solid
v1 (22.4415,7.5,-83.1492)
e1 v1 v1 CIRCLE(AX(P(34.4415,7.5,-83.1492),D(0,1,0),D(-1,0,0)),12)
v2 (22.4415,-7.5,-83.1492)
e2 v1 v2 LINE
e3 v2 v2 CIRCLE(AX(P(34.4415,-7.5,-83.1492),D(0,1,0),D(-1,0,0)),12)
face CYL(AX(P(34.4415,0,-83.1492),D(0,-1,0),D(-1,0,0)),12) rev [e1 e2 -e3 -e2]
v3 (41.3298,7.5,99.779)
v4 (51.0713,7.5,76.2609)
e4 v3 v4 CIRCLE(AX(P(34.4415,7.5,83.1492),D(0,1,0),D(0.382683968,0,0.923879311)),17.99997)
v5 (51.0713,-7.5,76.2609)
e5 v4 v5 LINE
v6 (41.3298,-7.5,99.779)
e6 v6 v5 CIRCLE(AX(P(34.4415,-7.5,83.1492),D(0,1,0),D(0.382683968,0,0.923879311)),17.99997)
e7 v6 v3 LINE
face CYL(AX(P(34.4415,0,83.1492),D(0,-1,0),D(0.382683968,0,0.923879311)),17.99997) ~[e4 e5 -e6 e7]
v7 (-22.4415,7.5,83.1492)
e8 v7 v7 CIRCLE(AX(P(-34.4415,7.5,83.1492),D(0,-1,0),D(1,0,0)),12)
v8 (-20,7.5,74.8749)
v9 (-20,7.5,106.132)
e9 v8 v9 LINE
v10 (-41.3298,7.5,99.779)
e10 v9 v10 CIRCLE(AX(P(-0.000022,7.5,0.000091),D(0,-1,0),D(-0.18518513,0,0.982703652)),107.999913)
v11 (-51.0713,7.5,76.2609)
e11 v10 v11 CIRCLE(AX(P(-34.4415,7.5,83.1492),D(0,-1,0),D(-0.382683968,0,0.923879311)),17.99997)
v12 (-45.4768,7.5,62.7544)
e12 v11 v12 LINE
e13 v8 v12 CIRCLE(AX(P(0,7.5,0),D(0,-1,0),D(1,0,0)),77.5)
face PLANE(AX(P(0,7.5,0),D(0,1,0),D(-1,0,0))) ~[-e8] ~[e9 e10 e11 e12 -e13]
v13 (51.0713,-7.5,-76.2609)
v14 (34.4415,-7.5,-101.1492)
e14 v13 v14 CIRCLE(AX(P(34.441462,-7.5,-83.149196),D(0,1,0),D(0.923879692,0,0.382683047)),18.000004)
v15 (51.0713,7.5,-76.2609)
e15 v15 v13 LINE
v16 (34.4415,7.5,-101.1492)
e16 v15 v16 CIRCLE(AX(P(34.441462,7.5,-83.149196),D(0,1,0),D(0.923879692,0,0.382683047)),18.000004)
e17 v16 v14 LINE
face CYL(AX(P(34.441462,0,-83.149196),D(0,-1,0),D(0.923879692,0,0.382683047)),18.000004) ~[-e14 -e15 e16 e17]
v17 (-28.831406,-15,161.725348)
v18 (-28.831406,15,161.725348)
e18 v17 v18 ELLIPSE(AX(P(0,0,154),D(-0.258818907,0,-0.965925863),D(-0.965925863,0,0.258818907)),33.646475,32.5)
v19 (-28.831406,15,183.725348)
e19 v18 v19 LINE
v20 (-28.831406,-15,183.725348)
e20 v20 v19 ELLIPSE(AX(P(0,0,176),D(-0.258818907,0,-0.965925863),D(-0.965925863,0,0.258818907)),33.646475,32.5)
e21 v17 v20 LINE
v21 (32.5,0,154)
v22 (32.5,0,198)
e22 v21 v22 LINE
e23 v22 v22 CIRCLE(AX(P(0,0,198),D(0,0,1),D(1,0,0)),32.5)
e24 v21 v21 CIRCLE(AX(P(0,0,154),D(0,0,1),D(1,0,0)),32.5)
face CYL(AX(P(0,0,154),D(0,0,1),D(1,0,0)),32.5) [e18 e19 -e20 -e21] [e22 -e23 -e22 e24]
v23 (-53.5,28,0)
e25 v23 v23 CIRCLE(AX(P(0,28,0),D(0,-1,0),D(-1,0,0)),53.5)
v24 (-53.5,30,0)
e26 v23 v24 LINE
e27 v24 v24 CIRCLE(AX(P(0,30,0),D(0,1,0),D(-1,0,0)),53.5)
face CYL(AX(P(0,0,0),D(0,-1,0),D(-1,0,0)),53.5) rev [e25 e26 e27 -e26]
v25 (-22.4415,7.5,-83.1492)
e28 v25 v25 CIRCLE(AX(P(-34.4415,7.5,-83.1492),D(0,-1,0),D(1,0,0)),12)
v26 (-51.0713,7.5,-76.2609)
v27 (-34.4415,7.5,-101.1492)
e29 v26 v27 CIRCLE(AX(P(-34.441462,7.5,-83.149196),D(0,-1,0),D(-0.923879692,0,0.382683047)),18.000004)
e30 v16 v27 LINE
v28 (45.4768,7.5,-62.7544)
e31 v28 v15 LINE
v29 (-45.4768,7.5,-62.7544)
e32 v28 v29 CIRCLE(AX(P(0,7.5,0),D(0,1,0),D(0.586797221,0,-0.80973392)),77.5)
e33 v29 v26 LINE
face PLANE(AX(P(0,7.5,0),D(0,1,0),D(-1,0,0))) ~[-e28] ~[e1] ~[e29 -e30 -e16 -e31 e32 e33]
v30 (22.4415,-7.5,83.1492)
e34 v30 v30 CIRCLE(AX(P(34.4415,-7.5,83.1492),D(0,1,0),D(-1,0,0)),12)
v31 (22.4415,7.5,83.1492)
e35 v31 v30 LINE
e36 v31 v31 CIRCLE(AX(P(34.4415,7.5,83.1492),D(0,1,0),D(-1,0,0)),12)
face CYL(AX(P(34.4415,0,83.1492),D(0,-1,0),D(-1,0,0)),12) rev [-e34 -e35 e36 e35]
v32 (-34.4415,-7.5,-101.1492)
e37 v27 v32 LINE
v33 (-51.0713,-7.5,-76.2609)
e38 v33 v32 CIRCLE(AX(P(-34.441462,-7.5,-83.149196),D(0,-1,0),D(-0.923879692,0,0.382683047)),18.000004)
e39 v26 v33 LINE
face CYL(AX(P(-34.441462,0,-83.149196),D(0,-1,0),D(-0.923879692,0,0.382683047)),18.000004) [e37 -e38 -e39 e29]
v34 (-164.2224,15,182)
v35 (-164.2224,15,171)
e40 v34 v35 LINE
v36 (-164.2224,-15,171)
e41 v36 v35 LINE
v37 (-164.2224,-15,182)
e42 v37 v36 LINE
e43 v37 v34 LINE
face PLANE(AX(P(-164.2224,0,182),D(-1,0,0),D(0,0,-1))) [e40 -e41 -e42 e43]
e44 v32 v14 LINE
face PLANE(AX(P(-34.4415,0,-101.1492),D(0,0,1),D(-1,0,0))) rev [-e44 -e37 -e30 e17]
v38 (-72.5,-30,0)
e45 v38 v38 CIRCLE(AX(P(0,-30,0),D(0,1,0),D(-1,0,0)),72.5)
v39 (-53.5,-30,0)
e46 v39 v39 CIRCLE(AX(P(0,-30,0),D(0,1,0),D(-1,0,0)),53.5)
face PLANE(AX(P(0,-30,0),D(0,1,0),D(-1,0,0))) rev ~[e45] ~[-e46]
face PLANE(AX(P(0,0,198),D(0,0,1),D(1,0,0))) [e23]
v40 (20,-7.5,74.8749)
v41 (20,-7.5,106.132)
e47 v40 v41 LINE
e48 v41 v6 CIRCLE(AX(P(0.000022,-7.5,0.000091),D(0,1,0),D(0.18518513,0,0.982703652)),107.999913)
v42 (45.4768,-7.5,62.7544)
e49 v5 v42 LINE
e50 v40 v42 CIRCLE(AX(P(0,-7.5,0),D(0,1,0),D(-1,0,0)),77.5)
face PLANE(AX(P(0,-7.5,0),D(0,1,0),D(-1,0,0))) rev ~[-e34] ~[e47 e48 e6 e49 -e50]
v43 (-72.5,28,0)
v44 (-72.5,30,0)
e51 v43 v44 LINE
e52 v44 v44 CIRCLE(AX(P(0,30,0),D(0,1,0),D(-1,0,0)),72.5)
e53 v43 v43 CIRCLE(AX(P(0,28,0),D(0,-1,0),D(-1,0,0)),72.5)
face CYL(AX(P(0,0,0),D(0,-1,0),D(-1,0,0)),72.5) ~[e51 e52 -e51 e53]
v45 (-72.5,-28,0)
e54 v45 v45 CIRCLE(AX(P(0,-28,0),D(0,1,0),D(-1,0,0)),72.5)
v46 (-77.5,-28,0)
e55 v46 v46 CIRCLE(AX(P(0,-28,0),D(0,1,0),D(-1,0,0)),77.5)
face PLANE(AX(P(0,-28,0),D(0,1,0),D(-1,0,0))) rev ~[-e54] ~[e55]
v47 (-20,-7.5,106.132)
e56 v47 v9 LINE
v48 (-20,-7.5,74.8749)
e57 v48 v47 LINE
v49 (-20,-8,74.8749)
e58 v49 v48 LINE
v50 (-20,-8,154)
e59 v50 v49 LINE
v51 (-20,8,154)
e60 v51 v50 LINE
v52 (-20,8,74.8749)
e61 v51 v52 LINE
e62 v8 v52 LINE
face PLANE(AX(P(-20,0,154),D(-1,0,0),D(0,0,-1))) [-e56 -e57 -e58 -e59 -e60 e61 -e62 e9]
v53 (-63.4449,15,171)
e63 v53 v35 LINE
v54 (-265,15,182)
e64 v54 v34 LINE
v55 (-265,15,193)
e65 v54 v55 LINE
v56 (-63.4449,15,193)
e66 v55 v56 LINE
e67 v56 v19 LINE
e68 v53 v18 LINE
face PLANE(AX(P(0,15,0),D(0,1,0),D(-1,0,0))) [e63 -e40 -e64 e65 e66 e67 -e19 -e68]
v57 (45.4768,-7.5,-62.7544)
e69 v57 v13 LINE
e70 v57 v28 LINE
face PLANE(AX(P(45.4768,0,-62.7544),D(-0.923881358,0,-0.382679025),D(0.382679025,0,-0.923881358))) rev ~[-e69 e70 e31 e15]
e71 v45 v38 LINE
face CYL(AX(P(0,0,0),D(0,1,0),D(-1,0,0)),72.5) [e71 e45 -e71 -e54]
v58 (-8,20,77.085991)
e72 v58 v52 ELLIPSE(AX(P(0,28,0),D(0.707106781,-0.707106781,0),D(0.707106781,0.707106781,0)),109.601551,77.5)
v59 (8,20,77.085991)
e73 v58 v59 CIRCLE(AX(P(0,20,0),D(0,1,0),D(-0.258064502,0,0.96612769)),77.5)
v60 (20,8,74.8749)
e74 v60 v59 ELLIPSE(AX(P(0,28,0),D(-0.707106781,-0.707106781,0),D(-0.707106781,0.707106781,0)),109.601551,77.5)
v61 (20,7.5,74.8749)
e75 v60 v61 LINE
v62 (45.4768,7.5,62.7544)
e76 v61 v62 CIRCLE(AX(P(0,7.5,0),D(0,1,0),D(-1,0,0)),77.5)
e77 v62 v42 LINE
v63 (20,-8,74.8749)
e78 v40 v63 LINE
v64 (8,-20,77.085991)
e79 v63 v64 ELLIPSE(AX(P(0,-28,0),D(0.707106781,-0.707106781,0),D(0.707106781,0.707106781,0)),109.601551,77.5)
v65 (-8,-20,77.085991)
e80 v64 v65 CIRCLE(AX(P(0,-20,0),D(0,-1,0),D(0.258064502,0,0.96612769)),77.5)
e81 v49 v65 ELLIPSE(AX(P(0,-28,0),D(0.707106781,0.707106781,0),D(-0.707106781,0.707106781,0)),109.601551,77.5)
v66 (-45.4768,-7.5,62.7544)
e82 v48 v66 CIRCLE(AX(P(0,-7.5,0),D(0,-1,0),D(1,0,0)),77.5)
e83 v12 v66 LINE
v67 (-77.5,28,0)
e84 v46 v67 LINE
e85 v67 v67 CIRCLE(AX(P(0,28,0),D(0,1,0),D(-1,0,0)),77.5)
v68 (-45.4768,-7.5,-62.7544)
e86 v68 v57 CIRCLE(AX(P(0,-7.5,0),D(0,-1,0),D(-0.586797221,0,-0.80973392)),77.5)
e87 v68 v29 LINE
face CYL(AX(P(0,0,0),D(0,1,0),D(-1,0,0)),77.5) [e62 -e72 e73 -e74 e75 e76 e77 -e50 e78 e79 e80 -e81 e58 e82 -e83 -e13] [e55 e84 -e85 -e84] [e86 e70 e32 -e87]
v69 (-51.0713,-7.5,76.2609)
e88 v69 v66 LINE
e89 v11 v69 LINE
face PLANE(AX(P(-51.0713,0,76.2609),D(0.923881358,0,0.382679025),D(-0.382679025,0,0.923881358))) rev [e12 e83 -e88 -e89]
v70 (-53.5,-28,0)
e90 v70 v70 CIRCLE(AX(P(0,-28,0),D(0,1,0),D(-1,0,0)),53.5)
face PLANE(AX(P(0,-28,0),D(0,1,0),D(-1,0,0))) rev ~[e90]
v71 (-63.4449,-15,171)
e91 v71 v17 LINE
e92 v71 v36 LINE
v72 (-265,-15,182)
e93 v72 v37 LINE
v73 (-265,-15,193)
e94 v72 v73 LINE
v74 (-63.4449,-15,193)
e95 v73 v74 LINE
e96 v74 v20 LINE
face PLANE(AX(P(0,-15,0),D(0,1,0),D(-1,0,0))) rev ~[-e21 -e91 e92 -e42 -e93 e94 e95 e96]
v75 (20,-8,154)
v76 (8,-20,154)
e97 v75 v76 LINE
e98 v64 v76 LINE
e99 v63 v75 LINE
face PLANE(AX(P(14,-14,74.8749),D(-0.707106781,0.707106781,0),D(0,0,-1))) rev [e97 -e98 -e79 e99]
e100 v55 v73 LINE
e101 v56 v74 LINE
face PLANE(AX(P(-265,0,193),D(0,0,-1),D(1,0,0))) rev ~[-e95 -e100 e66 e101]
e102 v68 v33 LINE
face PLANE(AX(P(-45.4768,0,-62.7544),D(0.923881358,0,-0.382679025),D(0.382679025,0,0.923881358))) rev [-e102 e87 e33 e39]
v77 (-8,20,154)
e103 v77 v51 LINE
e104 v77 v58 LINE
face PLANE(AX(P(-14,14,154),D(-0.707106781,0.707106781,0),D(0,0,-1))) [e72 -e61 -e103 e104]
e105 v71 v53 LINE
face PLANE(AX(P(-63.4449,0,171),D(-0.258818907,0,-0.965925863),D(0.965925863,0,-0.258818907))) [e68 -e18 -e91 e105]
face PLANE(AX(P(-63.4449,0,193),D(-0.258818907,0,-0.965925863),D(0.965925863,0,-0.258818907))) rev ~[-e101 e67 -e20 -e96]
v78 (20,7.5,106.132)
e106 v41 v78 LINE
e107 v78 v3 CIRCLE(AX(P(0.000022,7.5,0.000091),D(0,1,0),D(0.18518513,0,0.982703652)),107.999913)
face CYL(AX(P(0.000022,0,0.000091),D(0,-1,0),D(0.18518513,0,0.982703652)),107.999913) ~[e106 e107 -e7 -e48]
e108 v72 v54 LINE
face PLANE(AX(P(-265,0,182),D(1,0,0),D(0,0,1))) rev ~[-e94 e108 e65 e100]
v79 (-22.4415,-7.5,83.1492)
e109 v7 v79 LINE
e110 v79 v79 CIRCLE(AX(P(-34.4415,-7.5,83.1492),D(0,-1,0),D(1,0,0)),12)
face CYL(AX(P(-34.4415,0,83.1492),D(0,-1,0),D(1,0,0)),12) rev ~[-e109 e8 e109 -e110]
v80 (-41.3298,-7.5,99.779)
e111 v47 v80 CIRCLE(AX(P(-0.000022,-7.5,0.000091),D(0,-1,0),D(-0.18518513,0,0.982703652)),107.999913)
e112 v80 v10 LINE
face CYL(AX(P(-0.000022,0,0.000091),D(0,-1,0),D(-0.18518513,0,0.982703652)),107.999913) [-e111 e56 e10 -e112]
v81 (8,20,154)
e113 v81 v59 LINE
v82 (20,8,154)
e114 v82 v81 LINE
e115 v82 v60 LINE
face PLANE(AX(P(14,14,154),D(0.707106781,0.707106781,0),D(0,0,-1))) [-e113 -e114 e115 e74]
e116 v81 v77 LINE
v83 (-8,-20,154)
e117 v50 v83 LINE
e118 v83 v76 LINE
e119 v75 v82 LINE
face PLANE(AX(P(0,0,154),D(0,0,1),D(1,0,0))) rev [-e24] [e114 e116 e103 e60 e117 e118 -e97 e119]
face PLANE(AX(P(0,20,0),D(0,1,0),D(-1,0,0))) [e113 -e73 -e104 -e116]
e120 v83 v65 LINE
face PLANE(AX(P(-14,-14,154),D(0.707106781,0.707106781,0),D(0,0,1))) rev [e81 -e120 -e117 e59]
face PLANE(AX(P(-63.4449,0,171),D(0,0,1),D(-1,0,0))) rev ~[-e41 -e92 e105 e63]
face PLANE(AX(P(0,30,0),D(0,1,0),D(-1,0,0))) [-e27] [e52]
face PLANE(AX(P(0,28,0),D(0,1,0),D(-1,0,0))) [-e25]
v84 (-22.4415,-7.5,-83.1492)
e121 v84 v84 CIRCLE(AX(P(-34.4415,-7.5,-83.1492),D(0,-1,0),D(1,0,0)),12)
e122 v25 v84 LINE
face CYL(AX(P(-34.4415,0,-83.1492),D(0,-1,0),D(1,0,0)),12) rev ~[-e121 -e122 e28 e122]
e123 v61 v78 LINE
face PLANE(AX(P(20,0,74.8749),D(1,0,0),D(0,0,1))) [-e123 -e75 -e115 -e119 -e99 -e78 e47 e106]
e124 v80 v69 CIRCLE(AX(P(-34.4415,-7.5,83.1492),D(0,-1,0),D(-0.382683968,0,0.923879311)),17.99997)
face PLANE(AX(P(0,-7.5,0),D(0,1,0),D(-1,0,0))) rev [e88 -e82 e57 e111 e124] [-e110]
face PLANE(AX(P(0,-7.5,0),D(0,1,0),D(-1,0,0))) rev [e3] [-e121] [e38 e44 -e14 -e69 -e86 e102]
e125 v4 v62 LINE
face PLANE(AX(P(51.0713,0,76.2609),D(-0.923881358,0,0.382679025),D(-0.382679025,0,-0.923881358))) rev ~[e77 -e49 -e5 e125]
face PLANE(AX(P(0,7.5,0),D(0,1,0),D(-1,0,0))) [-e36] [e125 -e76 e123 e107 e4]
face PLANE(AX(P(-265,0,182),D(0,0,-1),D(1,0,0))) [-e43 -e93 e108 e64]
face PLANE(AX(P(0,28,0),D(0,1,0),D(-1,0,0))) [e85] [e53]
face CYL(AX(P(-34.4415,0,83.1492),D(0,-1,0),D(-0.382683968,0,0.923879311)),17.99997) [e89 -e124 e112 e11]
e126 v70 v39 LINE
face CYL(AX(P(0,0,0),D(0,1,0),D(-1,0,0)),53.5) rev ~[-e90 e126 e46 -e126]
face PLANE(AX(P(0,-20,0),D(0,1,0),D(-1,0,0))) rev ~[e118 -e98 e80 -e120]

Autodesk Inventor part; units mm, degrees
ref_plane "YZ Plane" through (0, 0, 0) normal (1, 0, 0) x (0, 1, 0)
ref_plane "XZ Plane" through (0, 0, 0) normal (0, 1, 0) x (-1, 0, 0)
ref_plane "XY Plane" through (0, 0, 0) normal (0, 0, 1) x (1, 0, 0)
sketch "Sketch1" plane through (0, 0, 0) normal (0, 1, 0) x (-1, 0, 0)
  circle A0 centre (0, 0) radius 72.5
  circle A1 centre (0, 0) radius 77.5
  circle A2 centre (0, 0) radius 53.5
  circle A3 centre (0, 0) radius 90 construction
  line L0 (0, 0) -> (-34.4415, 83.1492) construction
  circle A4 centre (-34.4415, 83.1492) radius 12
  line L1 (0, 154) -> (-32.5, 154)
  line L2 (-32.5, 154) -> (-32.5, 198)
  line L3 (-32.5, 198) -> (0, 198)
  line L4 (0, 198) -> (0, 154)
  line L5 (0, 140.825) -> (0, 198)
  line L6 (20, 74.8749) -> (-20, 74.8749)
  line L7 (-20, 74.8749) -> (-20, 154)
  line L8 (-20, 154) -> (20, 154)
  line L9 (20, 154) -> (20, 74.8749)
  line L10 (0, 0) -> (0, 198)
  line L11 (265, 193) -> (63.4449, 193)
  line L12 (63.4449, 193) -> (63.4449, 171)
  line L13 (63.4449, 171) -> (265, 171)
  line L14 (265, 171) -> (265, 193)
  line L15 (63.4449, 193) -> (0, 176)
  line L16 (63.4449, 171) -> (0, 154)
  line L17 (0, 154) -> (0, 176)
  arc A5 (-20, 106.132) -> (-41.3298, 99.779) centre (0, 0) ccw
  arc A6 (-41.3298, 99.779) -> (-51.0713, 76.2609) centre (-34.4415, 83.1492) ccw
  line L18 (-51.0713, 76.2609) -> (-45.4768, 62.7544)
  line L19 (-45.4768, 62.7544) -> (-20, 74.8749)
  line L20 (-20, 74.8749) -> (-20, 106.132)
  circle A7 centre (-34.4415, -83.1492) radius 12
  line L21 (0, 0) -> (-34.4415, -83.1492) construction
  line L22 (-45.4768, -62.7544) -> (-51.0713, -76.2609)
  arc A8 (-51.0713, -76.2609) -> (-34.4415, -101.1492) centre (-34.4415, -83.1492) ccw
  line L23 (-34.4415, -101.1492) -> (0, -101.1492)
  line L24 (0, -101.1492) -> (0, -77.5)
  line L25 (0, -77.5) -> (-45.4768, -62.7544)
  line L26 (265, 182) -> (164.2224, 182)
  line L27 (164.2224, 182) -> (164.2224, 171)
  line L28 (164.2224, 171) -> (265, 171)
  line L29 (265, 171) -> (265, 182)
  dimension "oDiaGasket" = 145
  dimension "oDiaOutside" = 155
  dimension "oDiaInside" = 107
  dimension "oHoledia" = 24
  dimension "oStemThick" = 40
  dimension "oAngleFirstBolt" = 22.5
  dimension "oKcircle" = 180
  dimension "oDiaTop" = 65
  dimension "oHeightTop" = 44
  dimension "oHandleLenght" = 265
  dimension "d10" = 5
  dimension "d11" = 15
  dimension "d13" = 6
  dimension "oCenterTop" = 198
  dimension "d32" = 22.5
  dimension "d33" = 6
sketch "Sketch2" plane through (0, 0, 0) normal (0, 1, 0) x (-1, 0, 0)
  circle A0 centre (0, 0) radius 77.5 projected
  circle A1 centre (0, 0) radius 72.5 projected
  circle A2 centre (0, 0) radius 53.5 projected
extrude "Extrusion4" add sketch "Sketch2" along normal mid plane 56 contours A0 | A1 | A2
extrude "Extrusion5" add sketch "Sketch2" along normal mid plane 60 contours A1
extrude "Extrusion6" add sketch "Sketch1" along normal mid plane 40 contours A1 L10 L5 L8 L9 | L7 L1 L5 L10 A1
revolve "Revolution1" add sketch "Sketch1" angle 360 about axis through (0, 0, 0) along (0, 0, 1) contours L1 L2 L3 L4
extrude "Extrusion8" add sketch "Sketch1" along normal mid plane 15 contours A2 | A1 L18 A6 A5 L7 | L24 L23 A8 L22 A1
mirror "Mirror1" about plane through (0, 0, 0) normal (1, 0, 0) of "Extrusion8"
extrude "Extrusion9" add sketch "Sketch1" along normal mid plane 30 contours L4 L15 L12 L16 | L12 L11 L14 L26 L27 L13
chamfer "Chamfer1" distance 12 angle 45 4 edges at (-20, 20, 114.4374) (20, 20, 114.4374) (-20, -20, 114.4374) (20, -20, 114.4374)
equation "\"d32\" = oAngleFirstBolt"
equation "\"d33\" = d13"
equation "\"d25\" = oStemThick"
properties part number "BUTTERFLY VALVE MANUAL WAFER TYPE DN100" material "GG25"
